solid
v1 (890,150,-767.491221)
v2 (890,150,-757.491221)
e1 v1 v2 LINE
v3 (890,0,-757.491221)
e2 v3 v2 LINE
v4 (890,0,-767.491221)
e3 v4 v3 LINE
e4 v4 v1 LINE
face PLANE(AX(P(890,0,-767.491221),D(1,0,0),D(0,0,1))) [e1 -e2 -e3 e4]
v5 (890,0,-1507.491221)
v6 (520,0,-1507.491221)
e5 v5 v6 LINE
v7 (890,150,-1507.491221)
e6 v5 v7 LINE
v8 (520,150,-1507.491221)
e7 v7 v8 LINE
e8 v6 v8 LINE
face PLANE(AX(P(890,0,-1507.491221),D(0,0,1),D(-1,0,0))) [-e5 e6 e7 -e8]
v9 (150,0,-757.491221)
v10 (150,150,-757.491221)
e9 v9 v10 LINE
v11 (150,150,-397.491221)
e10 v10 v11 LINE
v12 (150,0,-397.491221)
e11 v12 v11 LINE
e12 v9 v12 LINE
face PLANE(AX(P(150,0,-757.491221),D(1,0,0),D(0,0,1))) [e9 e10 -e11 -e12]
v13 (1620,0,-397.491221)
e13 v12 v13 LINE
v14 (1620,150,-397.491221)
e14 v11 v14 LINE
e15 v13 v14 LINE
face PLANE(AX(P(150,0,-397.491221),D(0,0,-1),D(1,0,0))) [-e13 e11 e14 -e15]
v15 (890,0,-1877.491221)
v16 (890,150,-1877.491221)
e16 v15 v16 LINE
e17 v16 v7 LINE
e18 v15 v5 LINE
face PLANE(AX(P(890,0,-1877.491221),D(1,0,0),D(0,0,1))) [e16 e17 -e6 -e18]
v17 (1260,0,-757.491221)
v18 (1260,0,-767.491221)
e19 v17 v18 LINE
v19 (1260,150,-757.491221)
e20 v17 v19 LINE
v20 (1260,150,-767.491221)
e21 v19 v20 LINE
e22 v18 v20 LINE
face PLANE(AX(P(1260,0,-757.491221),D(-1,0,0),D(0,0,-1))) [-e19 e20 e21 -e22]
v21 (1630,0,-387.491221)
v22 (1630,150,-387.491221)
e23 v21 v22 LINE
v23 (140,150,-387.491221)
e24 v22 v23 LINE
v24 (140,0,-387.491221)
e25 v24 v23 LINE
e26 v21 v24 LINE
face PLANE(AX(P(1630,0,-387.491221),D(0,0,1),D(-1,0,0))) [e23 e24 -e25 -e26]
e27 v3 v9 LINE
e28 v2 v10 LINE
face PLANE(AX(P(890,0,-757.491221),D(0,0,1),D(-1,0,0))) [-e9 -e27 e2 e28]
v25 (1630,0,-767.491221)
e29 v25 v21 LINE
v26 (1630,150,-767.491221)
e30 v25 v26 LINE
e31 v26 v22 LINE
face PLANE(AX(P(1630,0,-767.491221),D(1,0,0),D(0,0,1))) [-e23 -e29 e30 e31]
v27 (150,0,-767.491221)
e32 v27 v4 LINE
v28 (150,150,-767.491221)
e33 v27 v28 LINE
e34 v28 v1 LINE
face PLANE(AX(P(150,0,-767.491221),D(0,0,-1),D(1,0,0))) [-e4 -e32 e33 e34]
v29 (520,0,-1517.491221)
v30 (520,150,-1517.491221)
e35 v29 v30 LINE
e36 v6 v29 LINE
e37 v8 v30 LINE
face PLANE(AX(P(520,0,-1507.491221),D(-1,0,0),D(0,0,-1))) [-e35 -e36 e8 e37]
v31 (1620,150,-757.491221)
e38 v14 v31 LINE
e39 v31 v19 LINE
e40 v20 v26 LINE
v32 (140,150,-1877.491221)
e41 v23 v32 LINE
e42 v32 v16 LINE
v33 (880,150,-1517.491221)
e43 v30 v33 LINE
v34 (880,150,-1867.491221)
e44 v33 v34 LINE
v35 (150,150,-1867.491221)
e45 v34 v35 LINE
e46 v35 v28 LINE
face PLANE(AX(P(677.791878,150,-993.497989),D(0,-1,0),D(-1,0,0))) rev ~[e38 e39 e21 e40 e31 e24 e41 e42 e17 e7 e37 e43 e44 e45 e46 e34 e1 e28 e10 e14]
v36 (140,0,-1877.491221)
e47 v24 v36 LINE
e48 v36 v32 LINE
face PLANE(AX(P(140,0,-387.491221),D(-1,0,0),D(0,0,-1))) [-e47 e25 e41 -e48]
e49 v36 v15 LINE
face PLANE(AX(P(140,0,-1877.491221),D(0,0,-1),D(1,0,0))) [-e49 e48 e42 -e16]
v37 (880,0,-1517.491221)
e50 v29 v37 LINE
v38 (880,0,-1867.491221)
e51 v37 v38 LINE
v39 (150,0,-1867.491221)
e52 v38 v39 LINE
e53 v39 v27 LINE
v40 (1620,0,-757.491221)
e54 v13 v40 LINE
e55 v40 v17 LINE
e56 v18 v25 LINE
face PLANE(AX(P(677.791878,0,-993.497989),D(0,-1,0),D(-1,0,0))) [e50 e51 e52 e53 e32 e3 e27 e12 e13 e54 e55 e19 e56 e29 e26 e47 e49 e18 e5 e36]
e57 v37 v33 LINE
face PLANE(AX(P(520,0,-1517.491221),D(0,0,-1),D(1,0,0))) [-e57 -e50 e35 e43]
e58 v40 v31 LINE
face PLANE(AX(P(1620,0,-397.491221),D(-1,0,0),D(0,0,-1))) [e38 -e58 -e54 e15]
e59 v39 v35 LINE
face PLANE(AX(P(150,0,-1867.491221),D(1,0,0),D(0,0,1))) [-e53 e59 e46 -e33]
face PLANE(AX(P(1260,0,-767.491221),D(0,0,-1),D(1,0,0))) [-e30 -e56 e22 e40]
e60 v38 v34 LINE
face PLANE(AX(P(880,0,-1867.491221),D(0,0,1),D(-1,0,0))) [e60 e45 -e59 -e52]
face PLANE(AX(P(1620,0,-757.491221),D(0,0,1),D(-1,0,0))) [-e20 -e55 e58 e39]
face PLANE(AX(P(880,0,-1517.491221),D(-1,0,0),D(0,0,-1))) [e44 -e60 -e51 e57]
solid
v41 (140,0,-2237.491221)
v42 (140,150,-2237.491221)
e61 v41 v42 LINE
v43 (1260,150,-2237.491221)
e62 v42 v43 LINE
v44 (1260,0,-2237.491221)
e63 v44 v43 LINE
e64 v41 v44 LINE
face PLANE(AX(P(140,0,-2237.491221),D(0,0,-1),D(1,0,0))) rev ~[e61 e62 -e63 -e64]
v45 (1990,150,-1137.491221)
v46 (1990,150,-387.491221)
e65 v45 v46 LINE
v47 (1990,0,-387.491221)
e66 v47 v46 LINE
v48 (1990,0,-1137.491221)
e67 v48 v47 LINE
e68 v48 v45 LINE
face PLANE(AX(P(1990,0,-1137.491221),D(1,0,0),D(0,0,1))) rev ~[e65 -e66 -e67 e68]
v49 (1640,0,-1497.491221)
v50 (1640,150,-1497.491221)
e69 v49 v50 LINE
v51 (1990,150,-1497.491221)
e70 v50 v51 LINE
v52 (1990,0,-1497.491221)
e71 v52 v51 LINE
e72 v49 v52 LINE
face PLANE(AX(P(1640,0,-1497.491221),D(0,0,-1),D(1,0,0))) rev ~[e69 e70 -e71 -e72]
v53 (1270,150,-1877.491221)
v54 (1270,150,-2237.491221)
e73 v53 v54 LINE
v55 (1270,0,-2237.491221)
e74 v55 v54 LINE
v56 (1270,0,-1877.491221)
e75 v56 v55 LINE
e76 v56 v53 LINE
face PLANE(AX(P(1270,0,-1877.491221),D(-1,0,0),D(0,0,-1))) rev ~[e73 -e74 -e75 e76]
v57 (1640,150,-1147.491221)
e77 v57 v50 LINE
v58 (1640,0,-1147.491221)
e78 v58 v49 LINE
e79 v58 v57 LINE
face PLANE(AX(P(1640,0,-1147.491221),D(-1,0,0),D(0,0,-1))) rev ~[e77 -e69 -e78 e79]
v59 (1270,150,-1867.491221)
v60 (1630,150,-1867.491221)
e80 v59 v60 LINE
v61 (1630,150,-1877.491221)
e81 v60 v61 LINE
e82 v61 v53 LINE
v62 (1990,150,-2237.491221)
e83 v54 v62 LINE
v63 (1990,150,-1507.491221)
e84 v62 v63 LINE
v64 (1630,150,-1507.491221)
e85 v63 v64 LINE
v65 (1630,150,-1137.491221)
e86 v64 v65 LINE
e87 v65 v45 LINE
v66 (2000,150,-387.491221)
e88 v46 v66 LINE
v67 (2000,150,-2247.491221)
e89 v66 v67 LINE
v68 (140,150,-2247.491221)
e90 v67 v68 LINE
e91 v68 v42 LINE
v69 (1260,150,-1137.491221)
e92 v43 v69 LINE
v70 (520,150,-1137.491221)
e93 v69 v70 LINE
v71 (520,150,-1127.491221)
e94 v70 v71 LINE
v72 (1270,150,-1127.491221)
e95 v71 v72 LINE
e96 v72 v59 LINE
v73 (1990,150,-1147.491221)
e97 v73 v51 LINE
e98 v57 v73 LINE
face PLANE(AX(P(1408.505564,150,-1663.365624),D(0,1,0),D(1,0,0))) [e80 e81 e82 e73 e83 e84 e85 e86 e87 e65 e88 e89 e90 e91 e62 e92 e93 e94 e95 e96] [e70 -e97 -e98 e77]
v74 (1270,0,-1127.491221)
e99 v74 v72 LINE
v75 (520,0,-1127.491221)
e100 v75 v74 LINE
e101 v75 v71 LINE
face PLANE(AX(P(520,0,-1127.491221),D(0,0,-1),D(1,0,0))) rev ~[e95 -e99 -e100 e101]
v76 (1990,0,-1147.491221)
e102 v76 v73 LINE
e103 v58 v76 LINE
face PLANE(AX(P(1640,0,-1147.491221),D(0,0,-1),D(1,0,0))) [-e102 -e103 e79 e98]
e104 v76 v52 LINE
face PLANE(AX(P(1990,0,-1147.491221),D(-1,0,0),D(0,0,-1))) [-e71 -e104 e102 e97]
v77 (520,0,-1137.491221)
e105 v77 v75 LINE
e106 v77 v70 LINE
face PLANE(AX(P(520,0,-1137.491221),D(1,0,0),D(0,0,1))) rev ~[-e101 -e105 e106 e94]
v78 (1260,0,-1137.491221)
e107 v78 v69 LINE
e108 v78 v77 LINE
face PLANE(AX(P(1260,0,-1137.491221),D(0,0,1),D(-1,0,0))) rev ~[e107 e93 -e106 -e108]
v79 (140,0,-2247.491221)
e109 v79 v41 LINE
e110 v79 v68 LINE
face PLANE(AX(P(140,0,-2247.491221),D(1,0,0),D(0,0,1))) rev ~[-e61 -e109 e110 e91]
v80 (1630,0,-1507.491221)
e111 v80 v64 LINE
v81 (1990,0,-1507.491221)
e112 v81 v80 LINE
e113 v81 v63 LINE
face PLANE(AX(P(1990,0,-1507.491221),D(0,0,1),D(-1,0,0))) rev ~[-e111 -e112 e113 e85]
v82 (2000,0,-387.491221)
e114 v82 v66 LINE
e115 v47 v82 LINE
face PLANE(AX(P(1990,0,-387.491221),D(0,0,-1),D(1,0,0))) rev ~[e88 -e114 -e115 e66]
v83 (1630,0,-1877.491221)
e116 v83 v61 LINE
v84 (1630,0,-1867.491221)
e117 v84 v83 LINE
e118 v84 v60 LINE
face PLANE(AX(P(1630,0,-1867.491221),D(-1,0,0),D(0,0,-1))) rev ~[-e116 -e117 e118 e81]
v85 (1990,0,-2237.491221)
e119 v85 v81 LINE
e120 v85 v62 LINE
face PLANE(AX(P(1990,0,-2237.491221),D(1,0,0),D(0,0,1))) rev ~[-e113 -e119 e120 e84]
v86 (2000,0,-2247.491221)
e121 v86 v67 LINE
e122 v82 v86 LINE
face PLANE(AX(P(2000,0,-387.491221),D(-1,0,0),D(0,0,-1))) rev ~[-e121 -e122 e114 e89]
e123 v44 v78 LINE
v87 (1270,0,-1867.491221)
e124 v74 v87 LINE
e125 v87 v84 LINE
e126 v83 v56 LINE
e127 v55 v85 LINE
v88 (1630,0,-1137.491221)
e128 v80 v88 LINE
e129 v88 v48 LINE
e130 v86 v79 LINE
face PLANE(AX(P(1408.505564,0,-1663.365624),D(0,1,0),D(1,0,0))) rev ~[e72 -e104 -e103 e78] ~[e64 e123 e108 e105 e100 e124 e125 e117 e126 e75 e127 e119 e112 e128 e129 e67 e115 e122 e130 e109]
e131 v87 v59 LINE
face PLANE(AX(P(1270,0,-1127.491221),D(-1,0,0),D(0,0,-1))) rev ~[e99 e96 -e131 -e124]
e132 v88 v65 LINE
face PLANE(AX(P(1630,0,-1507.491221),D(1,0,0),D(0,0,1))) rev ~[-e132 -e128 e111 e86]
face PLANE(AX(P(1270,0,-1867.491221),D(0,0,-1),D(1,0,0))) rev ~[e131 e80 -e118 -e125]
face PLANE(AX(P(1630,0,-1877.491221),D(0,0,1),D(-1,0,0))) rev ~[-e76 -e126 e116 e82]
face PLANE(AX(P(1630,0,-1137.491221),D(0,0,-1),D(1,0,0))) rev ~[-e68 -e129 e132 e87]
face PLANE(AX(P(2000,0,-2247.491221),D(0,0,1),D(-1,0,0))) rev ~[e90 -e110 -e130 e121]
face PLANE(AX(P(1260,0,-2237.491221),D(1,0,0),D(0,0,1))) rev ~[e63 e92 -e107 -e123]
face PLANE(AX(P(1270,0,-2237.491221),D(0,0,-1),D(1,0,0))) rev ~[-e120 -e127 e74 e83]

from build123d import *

# Parameters (mm, degrees)
BOSS_EXTRUDE3_DEPTH   = 150
SKETCH2_W             = 350
SKETCH2_H             = 350
BOSS_EXTRUDE3_2_DEPTH = 150


with BuildPart() as part:
    # Sketch2 → Boss-Extrude3 (new body)
    with BuildSketch(Plane(origin=(0, 0, 0), x_dir=(1, 0, 0), z_dir=(0, 1, 0))):
        Polygon((150, 757.491220574), (150, 397.491220574), (1620, 397.491220574), (1620, 757.491220574), (1260, 757.491220574), (1260, 767.491220574), (1630, 767.491220574), (1630, 387.491220574), (140, 387.491220574), (140, 1877.491220574), (890, 1877.491220574), (890, 1507.491220574), (520, 1507.491220574), (520, 1517.491220574), (880, 1517.491220574), (880, 1867.491220574), (150, 1867.491220574), (150, 767.491220574), (890, 767.491220574), (890, 757.491220574), align=None)
    extrude(amount=BOSS_EXTRUDE3_DEPTH)


with BuildPart() as body_2:
    # Sketch2 → Boss-Extrude3 2 (new body)
    with BuildSketch(Plane(origin=(0, 0, 0), x_dir=(1, 0, 0), z_dir=(0, 1, 0))):
        Polygon((2000, 387.491220574), (2000, 2247.491220574), (140, 2247.491220574), (140, 2237.491220574), (1260, 2237.491220574), (1260, 1137.491220574), (520, 1137.491220574), (520, 1127.491220574), (1270, 1127.491220574), (1270, 1867.491220574), (1630, 1867.491220574), (1630, 1877.491220574), (1270, 1877.491220574), (1270, 2237.491220574), (1990, 2237.491220574), (1990, 1507.491220574), (1630, 1507.491220574), (1630, 1137.491220574), (1990, 1137.491220574), (1990, 387.491220574), align=None)
        with Locations((1815, 1322.491220574)):
            Rectangle(SKETCH2_W, SKETCH2_H, mode=Mode.SUBTRACT)
    extrude(amount=BOSS_EXTRUDE3_2_DEPTH)


solid = Compound([part.part, body_2.part])
